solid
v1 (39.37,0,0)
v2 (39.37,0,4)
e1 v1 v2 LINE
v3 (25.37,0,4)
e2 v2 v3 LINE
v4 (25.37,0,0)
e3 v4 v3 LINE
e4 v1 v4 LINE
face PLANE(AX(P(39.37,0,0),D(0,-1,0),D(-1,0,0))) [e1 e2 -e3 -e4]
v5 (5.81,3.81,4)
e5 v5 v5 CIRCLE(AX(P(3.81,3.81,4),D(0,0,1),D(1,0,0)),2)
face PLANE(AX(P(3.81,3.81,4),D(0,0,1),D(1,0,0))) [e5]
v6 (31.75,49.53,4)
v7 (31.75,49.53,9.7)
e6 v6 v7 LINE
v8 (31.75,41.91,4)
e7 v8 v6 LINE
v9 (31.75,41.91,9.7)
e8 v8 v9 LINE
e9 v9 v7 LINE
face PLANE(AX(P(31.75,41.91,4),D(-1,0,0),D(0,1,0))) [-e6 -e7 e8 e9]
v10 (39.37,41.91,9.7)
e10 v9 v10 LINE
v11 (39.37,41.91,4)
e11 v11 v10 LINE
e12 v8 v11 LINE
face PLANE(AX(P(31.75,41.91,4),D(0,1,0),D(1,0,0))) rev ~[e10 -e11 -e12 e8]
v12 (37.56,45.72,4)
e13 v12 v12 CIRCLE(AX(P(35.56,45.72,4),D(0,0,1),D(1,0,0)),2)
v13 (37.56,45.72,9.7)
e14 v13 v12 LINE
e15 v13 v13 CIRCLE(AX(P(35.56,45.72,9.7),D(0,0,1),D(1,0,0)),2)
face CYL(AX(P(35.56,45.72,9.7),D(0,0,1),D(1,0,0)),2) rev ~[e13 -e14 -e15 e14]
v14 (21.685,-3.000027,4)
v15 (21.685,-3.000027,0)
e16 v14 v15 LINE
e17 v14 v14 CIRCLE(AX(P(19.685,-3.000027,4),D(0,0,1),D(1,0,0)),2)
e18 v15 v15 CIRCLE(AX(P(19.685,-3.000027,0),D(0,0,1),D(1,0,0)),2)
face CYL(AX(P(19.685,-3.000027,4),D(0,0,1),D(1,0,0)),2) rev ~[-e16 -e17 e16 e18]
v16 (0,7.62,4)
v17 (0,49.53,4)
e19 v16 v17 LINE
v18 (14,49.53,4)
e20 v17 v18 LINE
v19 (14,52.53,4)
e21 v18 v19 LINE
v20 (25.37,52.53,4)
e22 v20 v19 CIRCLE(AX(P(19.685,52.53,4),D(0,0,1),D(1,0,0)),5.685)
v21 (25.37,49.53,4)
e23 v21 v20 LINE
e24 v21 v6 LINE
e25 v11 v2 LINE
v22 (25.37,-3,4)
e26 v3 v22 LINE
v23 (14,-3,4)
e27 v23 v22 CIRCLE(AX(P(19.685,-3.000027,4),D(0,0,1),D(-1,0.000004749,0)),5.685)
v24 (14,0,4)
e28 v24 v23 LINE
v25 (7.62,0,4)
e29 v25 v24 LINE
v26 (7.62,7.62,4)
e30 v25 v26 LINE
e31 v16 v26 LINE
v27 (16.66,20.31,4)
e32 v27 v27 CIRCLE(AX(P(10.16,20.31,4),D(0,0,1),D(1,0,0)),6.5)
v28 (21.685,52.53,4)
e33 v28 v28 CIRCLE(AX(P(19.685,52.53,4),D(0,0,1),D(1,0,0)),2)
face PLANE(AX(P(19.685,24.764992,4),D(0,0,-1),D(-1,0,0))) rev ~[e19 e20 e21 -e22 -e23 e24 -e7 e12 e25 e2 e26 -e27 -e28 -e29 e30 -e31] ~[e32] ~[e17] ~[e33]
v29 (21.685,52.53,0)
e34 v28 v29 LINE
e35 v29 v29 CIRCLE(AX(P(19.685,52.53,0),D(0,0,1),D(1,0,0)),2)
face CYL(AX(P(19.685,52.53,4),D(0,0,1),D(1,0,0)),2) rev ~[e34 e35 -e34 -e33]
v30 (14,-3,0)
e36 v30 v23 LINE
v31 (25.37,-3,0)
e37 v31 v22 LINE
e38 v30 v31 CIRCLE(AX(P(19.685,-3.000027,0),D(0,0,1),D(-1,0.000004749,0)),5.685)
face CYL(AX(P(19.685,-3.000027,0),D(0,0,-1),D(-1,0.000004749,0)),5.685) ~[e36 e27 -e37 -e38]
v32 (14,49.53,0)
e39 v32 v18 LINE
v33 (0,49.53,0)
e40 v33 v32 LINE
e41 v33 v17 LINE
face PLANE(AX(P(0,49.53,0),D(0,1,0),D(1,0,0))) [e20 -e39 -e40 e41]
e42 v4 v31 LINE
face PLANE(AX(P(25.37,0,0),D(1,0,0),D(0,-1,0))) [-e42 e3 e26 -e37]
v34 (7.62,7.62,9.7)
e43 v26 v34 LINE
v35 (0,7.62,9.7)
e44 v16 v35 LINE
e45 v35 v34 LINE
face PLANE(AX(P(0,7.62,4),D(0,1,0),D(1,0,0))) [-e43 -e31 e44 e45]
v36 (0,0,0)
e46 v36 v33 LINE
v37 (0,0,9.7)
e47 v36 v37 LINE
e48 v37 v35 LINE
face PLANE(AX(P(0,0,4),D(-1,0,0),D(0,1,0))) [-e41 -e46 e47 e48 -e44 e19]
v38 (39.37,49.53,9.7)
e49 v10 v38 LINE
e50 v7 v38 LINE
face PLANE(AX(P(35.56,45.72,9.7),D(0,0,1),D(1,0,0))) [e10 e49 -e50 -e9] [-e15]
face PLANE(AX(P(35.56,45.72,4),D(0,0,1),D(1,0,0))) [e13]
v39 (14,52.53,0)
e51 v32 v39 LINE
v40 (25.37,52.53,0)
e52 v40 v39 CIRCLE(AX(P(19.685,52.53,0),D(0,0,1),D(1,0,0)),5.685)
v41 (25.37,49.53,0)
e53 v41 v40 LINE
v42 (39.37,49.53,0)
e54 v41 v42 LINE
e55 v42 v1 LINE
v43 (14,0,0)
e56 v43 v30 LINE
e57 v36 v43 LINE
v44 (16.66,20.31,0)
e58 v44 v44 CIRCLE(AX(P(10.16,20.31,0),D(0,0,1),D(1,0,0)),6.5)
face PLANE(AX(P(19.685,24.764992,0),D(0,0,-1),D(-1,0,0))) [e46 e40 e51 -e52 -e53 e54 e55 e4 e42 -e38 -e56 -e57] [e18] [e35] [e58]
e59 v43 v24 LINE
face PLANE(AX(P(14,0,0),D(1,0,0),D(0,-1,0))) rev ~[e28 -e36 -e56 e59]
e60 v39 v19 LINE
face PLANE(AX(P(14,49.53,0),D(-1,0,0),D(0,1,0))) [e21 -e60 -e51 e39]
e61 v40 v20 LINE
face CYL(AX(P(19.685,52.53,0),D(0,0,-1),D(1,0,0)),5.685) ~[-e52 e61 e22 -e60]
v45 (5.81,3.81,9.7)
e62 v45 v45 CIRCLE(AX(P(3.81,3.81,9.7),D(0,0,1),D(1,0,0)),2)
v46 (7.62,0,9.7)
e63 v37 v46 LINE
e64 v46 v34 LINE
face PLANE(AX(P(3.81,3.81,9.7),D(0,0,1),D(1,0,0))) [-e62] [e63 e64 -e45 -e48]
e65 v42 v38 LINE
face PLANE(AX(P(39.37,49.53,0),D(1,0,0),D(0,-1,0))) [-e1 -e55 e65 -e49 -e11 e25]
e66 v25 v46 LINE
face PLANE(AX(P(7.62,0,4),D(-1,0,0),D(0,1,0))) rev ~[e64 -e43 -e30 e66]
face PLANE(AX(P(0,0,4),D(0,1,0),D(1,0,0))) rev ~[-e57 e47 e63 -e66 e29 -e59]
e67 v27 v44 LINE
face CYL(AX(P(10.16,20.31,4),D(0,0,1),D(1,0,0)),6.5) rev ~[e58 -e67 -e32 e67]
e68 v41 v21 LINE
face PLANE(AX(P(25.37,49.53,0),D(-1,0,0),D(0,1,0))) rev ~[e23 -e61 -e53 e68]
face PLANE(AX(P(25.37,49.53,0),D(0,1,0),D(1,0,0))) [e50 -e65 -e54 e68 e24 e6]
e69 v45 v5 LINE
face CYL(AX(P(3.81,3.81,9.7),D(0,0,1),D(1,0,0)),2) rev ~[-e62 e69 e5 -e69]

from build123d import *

# Parameters (mm, degrees)
PAD_DEPTH       = 4
SKETCH001_R     = 6.5
POCKET_DEPTH    = 5
SKETCH002_W     = 7.62
SKETCH002_H     = 7.62
PAD001_DEPTH    = 5.7
SKETCH003_R     = 2
POCKET001_DEPTH = 5.7
SKETCH004_R     = 2
POCKET002_DEPTH = 5


with BuildPart() as part:
    # Sketch → Pad (new body)
    with BuildSketch(Plane.XY):
        with BuildLine():
            Line((0, 0), (0, 49.53))
            Line((0, 49.53), (14, 49.53))
            Line((14, 49.53), (14, 52.53))
            ThreePointArc((25.37, 52.53), (19.685, 58.215), (14, 52.53))
            Line((25.37, 49.53), (25.37, 52.53))
            Line((25.37, 49.53), (39.37, 49.53))
            Line((39.37, 49.53), (39.37, 0))
            Line((39.37, 0), (25.37, 0))
            Line((25.37, 0), (25.37, -3))
            ThreePointArc((14, -3), (19.685, -8.685027), (25.37, -3))
            Line((14, 0), (14, -3))
            Line((0, 0), (14, 0))
        make_face()
    extrude(amount=PAD_DEPTH)

    # Sketch001 (on Face14 of Pad) → Pocket (cut)
    with BuildSketch(Plane.XY.offset(4)):
        with Locations((10.16, 20.31)):
            Circle(SKETCH001_R)
    extrude(amount=-POCKET_DEPTH, mode=Mode.SUBTRACT)

    # Sketch002 (on Face5 of Pocket) → Pad001 (join)
    with BuildSketch(Plane.XY.offset(4)):
        with Locations((3.81, 3.81)):
            Rectangle(SKETCH002_W, SKETCH002_H)
        with Locations((35.56, 45.72)):
            Rectangle(SKETCH002_W, SKETCH002_H)
    extrude(amount=PAD001_DEPTH)

    # Sketch003 (on Face19 of Pad001) → Pocket001 (cut)
    with BuildSketch(Plane.XY.offset(9.7)):
        with Locations((3.81, 3.81)):
            Circle(SKETCH003_R)
        with Locations((35.56, 45.72)):
            Circle(SKETCH003_R)
    extrude(amount=-POCKET001_DEPTH, mode=Mode.SUBTRACT)

    # Sketch004 (on Face6 of Pocket001) → Pocket002 (cut)
    with BuildSketch(Plane.XY.offset(4)):
        with Locations((19.685, -3.000027)):
            Circle(SKETCH004_R)
        with Locations((19.685, 52.53)):
            Circle(SKETCH004_R)
    extrude(amount=-POCKET002_DEPTH, mode=Mode.SUBTRACT)


solid = part.part
